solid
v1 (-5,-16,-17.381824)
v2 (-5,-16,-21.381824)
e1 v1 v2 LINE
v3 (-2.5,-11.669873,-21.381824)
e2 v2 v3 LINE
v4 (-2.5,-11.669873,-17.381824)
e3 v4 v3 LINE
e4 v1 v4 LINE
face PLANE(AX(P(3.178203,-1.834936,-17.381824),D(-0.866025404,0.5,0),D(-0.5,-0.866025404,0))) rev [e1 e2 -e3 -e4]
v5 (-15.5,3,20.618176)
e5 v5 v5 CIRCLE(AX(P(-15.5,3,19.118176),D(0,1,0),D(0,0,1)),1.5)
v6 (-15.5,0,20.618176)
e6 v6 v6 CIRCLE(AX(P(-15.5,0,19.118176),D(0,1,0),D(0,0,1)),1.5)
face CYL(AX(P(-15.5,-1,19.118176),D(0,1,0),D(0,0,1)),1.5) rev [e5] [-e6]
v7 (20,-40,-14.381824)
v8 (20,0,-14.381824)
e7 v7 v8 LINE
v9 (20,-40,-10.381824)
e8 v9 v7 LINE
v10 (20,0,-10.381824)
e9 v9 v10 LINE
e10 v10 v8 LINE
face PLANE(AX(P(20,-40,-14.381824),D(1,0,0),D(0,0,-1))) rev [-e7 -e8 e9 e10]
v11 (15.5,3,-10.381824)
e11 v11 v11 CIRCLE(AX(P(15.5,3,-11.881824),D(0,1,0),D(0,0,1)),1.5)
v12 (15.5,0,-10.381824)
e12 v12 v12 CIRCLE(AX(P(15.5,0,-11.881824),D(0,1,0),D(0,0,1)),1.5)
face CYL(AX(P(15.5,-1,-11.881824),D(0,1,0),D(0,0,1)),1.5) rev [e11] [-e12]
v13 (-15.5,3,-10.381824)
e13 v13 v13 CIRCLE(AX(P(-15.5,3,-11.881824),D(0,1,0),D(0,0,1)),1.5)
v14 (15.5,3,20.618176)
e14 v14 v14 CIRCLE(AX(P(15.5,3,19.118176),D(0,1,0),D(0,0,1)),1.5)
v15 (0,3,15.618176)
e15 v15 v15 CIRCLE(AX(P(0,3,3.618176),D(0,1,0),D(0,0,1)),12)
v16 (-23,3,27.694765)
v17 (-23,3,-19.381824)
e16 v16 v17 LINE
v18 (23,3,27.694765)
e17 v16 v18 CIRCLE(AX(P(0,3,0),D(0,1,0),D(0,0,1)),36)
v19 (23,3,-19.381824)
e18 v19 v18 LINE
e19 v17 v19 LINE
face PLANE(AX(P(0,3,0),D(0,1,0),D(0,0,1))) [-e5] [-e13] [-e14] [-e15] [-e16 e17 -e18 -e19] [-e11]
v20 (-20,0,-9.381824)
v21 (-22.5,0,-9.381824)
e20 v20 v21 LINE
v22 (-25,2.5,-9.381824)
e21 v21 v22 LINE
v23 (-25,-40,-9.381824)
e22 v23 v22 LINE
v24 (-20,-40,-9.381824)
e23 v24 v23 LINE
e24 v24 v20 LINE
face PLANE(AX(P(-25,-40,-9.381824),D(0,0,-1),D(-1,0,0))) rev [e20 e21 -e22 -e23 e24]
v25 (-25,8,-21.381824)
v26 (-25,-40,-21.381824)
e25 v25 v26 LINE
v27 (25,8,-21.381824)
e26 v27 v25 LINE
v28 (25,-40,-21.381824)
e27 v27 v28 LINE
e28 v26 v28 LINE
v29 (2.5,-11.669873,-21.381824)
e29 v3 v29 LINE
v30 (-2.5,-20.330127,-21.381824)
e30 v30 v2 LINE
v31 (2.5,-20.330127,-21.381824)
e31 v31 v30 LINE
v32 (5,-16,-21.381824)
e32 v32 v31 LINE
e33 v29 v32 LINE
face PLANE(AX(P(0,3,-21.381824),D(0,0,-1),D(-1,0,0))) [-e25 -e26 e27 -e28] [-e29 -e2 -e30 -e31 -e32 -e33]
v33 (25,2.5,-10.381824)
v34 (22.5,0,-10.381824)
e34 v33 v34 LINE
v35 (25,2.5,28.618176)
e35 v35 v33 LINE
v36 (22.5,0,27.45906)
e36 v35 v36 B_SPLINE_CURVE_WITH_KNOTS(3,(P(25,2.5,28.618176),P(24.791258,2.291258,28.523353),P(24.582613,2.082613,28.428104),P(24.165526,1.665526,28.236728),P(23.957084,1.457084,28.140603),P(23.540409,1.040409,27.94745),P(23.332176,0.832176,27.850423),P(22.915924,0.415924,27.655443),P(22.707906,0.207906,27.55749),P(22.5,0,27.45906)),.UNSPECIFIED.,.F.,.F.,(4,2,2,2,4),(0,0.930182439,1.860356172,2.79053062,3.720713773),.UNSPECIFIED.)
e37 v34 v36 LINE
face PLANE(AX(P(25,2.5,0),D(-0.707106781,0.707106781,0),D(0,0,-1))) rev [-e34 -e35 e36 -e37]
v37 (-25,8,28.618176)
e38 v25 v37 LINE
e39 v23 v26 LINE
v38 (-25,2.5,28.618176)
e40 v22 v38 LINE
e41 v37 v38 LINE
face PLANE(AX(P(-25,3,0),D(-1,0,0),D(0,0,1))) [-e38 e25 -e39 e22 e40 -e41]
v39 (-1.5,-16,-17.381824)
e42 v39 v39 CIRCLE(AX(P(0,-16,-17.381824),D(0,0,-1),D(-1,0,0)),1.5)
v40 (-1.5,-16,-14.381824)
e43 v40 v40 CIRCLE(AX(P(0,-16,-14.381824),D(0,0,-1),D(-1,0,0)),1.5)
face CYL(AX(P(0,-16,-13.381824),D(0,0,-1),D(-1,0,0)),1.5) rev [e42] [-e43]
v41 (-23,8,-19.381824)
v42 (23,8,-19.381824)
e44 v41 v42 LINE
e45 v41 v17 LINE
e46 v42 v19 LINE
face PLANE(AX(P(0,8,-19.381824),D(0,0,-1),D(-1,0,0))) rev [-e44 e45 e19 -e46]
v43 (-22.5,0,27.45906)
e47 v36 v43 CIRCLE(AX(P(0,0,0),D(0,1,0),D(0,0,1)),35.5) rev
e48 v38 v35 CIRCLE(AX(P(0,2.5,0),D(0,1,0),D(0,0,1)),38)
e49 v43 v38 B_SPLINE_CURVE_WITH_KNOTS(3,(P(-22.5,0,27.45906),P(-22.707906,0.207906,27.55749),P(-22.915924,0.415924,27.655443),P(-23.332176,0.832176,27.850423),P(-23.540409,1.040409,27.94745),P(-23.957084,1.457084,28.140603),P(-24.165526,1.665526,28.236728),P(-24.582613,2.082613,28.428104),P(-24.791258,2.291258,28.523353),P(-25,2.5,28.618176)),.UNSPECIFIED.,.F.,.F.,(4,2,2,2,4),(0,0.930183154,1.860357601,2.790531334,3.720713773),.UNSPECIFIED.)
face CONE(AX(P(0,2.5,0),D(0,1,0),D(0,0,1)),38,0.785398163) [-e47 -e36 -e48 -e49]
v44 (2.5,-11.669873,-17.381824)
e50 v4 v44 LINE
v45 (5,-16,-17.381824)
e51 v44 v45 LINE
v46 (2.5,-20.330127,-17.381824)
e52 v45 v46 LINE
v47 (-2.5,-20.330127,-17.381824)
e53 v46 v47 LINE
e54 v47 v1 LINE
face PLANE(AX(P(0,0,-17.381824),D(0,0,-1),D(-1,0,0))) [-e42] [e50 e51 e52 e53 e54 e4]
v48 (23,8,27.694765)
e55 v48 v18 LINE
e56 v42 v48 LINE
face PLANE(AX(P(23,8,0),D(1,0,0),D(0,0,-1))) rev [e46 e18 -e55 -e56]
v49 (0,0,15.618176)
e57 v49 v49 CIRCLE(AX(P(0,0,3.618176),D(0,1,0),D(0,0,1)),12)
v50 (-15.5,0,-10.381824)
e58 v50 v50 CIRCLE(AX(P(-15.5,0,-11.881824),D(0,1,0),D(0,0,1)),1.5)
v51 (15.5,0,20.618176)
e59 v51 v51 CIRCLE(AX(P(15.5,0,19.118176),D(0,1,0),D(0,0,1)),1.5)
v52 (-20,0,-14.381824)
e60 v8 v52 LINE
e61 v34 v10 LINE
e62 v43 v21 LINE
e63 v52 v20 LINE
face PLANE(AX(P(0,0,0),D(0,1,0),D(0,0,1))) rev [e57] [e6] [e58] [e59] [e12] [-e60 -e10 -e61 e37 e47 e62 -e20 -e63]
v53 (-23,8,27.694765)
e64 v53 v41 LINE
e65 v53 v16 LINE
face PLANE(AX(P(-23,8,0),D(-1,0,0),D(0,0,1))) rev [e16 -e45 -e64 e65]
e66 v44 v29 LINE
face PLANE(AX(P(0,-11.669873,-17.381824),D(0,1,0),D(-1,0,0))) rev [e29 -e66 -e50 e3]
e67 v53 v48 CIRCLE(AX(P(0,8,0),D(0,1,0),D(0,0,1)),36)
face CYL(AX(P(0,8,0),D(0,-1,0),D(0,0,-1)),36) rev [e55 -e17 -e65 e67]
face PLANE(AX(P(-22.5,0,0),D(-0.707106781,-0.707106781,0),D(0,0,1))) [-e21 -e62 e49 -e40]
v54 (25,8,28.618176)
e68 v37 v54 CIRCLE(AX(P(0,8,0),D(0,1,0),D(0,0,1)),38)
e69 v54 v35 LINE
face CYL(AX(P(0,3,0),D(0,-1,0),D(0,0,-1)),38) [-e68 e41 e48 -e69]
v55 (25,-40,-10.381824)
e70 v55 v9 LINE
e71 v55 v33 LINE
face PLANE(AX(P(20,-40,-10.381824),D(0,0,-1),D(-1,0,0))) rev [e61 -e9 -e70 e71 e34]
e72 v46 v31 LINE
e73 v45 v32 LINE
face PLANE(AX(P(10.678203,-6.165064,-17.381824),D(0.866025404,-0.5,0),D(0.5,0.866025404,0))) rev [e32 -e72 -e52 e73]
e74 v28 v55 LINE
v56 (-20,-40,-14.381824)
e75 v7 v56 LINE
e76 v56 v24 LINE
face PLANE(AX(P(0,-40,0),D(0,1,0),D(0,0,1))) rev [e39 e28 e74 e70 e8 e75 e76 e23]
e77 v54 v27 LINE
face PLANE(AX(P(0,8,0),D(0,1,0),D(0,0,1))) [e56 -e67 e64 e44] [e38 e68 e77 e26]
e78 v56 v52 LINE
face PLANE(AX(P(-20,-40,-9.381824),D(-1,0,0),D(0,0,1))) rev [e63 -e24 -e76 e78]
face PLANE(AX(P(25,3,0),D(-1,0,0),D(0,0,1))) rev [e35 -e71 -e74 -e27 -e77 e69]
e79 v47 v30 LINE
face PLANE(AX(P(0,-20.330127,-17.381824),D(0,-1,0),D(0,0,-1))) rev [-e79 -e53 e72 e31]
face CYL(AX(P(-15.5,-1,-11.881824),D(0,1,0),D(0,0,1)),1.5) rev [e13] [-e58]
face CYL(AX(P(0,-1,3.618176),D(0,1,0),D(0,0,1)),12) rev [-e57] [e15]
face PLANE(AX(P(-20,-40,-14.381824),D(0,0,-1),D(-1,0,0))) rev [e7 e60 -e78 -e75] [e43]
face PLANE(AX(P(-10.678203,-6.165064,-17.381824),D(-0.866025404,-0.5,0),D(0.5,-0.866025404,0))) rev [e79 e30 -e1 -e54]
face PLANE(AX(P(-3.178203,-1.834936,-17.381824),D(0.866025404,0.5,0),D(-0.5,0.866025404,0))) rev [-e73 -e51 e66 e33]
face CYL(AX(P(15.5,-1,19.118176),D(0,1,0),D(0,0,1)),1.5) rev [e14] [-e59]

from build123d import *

# Parameters (mm, degrees)
EXTRUDE_1_DEPTH      = 3
SKETCH_28_R          = 12
SKETCH_28_R_2        = 1.5
CUT_EXTRUDE_9_DEPTH  = 4
EXTRUDE_11_DEPTH     = 5
EXTRUDE_14_DEPTH     = 40
CUT_EXTRUDE_12_DEPTH = 4
SKETCH_34_R          = 1.5
CUT_EXTRUDE_13_DEPTH = 4
CHAMFER_1_SIZE       = 2.5
CHAMFER_2_SIZE       = 2.5
CHAMFER_3_SIZE       = 2.5


with BuildPart() as part:
    # 草图1 → 凸台-拉伸1 (new body)
    with BuildSketch(Plane(origin=(0, 0, 0), x_dir=(1, 0, 0), z_dir=(0, 1, 0))):
        with BuildLine():
            Line((-25, 21.381823957), (-25, -28.618176043))
            ThreePointArc((-25, -28.618176043), (0, -38), (25, -28.618176043))
            Line((25, -28.618176043), (25, 21.381823957))
            Line((25, 21.381823957), (-25, 21.381823957))
        make_face()
    extrude(amount=EXTRUDE_1_DEPTH)

    # 草图28 → 切除-拉伸9 (cut)
    with BuildSketch(Plane(origin=(0, 3, 0), x_dir=(1, 0, 0), z_dir=(0, 1, 0))):
        with Locations(Location((0, -3.618176043, 0), (0, 0, 270))):
            Circle(SKETCH_28_R)
        with Locations(Location((-15.5, 11.881823957, 0), (0, 0, 270))):
            Circle(SKETCH_28_R_2)
        with Locations(Location((-15.5, -19.118176043, 0), (0, 0, 270))):
            Circle(SKETCH_28_R_2)
        with Locations(Location((15.5, 11.881823957, 0), (0, 0, 270))):
            Circle(SKETCH_28_R_2)
        with Locations(Location((15.5, -19.118176043, 0), (0, 0, 270))):
            Circle(SKETCH_28_R_2)
    extrude(amount=-CUT_EXTRUDE_9_DEPTH, mode=Mode.SUBTRACT)

    # 草图30 → 凸台-拉伸11 (add)
    with BuildSketch(Plane(origin=(0, 3, 0), x_dir=(1, 0, 0), z_dir=(0, 1, 0))):
        with BuildLine():
            ThreePointArc((-25, -28.618176043), (0, -38), (25, -28.618176043))
            Line((25, -28.618176043), (25, 21.381823957))
            Line((25, 21.381823957), (-25, 21.381823957))
            Line((-25, 21.381823957), (-25, -28.618176043))
        make_face()
        with BuildLine():
            ThreePointArc((23, -27.694764848), (0, -36), (-23, -27.694764848))
            Line((-23, -27.694764848), (-23, 19.381823957))
            Line((-23, 19.381823957), (23, 19.381823957))
            Line((23, 19.381823957), (23, -27.694764848))
        make_face(mode=Mode.SUBTRACT)
    extrude(amount=EXTRUDE_11_DEPTH)

    # 草图32 → 凸台-拉伸14 (add)
    with BuildSketch(Plane.XZ):
        Polygon((-25, -21.381823957), (-25, -9.381823957), (-20, -9.381823957), (-20, -14.381823957), (20, -14.381823957), (20, -10.381823957), (25, -10.381823957), (25, -21.381823957), align=None)
    extrude(amount=EXTRUDE_14_DEPTH)

    # 草图33 → 切除-拉伸12 (cut)
    with BuildSketch(Plane(origin=(0, 0, -21.381823957), x_dir=(-1, 0, 0), z_dir=(0, 0, -1))):
        Polygon((0, -20.330127019), (0, -11.669872981), (-2.5, -11.669872981), (-5, -16), (-2.5, -20.330127019), align=None)
        Polygon((2.5, -11.669872981), (0, -11.669872981), (0, -20.330127019), (2.5, -20.330127019), (5, -16), align=None)
    extrude(amount=-CUT_EXTRUDE_12_DEPTH, mode=Mode.SUBTRACT)

    # 草图34 → 切除-拉伸13 (cut)
    with BuildSketch(Plane(origin=(0, 0, -17.381823957), x_dir=(-1, 0, 0), z_dir=(0, 0, -1))):
        with Locations((0, -16)):
            Circle(SKETCH_34_R)
    extrude(amount=-CUT_EXTRUDE_13_DEPTH, mode=Mode.SUBTRACT)

    # 倒角1
    chamfer_1_edges = [part.edges().sort_by_distance(p)[0] for p in [
        (25, 0, 9.118176043),
    ]]
    chamfer(chamfer_1_edges, length=CHAMFER_1_SIZE)

    # 倒角2
    chamfer_2_edges = [part.edges().sort_by_distance(p)[0] for p in [
        (-25, 0, 9.618176043),
    ]]
    chamfer(chamfer_2_edges, length=CHAMFER_2_SIZE)

    # 倒角3
    chamfer_3_edges = [part.edges().sort_by_distance(p)[0] for p in [
        (0, 0, 38),
    ]]
    chamfer(chamfer_3_edges, length=CHAMFER_3_SIZE)


solid = part.part
